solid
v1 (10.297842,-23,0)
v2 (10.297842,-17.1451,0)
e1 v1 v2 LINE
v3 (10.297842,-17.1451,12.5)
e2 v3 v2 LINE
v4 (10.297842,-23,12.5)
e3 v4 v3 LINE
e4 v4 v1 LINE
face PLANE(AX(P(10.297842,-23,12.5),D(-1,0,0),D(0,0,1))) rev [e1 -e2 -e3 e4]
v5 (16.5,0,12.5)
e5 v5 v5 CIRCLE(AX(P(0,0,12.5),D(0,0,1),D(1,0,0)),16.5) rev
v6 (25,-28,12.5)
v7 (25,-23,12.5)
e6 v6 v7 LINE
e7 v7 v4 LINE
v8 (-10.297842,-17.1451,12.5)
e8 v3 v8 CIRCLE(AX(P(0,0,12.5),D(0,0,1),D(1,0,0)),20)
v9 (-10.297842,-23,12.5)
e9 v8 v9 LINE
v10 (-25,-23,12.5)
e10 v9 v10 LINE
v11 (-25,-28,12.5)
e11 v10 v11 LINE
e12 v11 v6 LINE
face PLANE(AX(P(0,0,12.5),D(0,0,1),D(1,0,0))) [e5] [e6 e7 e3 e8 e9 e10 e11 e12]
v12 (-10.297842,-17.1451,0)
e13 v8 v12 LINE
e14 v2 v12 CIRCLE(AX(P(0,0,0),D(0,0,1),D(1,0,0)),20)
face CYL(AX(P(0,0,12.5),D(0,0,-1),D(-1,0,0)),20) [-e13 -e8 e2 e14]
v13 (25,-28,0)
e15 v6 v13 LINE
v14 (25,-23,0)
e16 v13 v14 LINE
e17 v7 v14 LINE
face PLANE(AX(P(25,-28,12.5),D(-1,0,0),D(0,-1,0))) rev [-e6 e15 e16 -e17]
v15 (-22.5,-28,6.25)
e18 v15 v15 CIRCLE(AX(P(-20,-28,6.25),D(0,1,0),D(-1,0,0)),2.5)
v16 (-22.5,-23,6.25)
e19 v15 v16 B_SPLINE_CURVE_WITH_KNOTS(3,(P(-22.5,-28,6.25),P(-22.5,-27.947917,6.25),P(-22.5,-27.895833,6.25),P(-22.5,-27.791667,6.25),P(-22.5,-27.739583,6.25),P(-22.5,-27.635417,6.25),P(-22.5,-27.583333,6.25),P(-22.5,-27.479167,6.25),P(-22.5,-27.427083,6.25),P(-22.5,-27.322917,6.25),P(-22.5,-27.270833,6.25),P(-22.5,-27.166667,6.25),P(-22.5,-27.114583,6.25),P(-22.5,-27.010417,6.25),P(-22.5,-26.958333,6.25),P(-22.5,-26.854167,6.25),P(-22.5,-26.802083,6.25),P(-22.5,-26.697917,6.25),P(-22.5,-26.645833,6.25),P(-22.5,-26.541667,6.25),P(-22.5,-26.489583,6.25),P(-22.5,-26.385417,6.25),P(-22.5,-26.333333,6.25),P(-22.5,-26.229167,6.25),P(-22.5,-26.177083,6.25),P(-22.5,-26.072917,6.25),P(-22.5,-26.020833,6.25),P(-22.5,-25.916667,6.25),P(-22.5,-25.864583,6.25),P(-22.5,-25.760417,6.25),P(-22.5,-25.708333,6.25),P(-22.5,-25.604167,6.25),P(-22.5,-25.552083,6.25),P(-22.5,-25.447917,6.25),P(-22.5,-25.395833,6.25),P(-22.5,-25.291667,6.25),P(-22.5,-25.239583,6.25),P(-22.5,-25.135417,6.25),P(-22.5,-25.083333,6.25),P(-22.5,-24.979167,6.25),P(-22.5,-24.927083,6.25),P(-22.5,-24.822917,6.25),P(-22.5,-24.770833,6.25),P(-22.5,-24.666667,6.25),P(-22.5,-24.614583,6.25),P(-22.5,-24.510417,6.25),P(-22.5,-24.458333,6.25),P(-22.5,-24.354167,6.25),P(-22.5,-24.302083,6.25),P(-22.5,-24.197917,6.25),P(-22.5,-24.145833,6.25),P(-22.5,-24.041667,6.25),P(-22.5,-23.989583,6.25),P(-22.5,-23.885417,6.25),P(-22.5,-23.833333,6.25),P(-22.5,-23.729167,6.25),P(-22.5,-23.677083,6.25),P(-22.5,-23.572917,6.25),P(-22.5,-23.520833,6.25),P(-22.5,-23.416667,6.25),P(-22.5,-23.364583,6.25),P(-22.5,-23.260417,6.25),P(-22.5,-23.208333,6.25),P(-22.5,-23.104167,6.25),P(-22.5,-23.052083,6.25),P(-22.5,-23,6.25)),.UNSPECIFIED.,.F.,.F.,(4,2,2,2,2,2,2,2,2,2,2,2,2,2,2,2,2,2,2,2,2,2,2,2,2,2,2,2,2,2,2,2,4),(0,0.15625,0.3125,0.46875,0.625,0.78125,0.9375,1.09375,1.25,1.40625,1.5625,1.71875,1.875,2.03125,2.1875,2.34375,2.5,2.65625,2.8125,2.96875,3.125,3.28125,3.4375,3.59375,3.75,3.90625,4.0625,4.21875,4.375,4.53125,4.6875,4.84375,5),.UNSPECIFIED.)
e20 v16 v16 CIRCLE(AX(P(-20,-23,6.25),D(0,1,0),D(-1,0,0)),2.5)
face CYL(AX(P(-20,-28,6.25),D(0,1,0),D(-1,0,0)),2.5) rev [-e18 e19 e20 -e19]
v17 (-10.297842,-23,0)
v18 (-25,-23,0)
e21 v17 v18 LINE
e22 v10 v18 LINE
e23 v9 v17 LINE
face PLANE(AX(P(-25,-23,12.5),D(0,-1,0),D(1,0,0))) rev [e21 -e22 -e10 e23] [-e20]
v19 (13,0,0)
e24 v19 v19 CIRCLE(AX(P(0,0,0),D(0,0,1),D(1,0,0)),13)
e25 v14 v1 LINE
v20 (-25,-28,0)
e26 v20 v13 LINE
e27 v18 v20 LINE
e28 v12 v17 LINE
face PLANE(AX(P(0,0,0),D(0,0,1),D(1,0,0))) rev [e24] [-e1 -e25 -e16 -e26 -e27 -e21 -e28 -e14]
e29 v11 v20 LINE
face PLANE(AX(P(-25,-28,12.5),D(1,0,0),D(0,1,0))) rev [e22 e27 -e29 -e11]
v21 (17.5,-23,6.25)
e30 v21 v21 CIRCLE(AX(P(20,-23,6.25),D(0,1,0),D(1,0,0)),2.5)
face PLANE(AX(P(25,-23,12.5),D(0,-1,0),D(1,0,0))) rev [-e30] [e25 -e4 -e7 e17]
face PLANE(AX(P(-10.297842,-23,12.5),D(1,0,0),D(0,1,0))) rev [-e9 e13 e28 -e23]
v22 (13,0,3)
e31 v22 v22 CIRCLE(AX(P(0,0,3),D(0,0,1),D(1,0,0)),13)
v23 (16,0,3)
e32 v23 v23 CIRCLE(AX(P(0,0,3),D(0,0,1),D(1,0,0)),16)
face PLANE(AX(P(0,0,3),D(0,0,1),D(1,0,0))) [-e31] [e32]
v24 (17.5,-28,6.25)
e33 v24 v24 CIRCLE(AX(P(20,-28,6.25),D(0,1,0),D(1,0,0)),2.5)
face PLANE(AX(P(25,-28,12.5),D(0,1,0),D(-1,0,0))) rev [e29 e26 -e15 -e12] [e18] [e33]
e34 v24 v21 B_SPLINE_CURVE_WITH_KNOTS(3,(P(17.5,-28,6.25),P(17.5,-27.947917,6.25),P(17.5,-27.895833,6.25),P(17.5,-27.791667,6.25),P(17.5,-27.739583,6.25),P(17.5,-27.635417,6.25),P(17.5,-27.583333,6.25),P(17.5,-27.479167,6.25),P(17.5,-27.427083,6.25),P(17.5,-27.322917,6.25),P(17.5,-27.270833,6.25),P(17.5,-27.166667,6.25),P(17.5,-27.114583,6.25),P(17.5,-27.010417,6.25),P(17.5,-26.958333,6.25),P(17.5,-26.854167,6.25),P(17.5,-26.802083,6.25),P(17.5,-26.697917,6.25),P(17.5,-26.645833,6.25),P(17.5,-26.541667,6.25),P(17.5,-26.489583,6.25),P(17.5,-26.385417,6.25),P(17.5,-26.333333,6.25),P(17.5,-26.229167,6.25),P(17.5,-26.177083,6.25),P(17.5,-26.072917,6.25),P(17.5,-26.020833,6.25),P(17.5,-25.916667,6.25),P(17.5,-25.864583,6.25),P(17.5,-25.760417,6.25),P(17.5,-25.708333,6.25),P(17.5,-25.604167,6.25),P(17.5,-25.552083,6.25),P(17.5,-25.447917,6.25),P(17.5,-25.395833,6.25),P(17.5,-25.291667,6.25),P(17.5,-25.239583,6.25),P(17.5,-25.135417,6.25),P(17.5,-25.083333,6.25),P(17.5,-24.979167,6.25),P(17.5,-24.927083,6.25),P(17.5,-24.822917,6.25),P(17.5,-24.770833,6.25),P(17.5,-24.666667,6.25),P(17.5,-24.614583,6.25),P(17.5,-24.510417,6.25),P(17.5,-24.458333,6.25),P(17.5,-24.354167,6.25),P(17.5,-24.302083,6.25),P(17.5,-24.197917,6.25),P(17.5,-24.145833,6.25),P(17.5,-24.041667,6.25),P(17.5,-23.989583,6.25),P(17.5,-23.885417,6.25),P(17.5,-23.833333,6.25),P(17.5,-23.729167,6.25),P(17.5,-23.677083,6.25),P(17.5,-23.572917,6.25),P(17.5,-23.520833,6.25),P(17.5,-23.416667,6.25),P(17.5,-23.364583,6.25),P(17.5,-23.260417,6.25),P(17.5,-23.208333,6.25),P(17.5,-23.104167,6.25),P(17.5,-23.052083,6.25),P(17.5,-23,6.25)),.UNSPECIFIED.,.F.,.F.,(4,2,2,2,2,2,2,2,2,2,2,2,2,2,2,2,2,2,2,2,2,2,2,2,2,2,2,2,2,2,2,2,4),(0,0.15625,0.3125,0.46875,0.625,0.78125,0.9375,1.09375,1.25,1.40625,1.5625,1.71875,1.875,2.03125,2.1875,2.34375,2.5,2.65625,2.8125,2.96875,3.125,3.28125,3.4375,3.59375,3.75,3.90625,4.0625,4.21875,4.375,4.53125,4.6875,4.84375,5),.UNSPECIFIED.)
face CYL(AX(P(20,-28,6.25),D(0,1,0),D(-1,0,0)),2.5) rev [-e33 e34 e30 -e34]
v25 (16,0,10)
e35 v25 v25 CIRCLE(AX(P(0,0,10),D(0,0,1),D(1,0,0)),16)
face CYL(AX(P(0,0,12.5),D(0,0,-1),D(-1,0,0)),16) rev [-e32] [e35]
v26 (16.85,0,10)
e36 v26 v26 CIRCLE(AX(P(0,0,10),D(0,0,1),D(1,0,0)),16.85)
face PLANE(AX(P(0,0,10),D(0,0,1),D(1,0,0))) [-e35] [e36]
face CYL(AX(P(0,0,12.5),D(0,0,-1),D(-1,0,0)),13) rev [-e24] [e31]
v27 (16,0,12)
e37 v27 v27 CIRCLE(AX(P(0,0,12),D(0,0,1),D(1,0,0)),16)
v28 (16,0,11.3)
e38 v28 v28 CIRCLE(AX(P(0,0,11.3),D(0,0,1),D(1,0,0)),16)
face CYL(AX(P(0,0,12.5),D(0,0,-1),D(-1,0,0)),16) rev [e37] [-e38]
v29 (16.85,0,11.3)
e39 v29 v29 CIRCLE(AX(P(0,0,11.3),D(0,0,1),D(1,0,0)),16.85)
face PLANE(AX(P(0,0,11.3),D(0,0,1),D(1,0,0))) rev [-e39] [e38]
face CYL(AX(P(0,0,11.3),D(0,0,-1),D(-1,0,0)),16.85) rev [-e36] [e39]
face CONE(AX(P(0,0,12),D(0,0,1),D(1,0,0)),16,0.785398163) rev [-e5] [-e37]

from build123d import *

# Parameters (mm, degrees)
SKETCH1_R           = 13
BOSS_EXTRUDE1_DEPTH = 12.5
CUT_EXTRUDE1_START  = 3
SKETCH2_R           = 16
CUT_EXTRUDE1_DEPTH  = 37.563240514
SKETCH3_R           = 2.5
CUT_EXTRUDE2_DEPTH  = 52.285962992
CUT_EXTRUDE3_START  = 10
SKETCH5_R           = 16.85
SKETCH5_R_2         = 16
CUT_EXTRUDE3_DEPTH  = 1.3
CHAMFER2_SIZE       = 0.5


with BuildPart() as part:
    # Sketch1 → Boss-Extrude1 (new body)
    with BuildSketch(Plane.XY):
        with BuildLine():
            Line((25, -28), (-25, -28))
            Line((-25, -28), (-25, -23))
            Line((-25, -23), (-10.297842021, -23))
            Line((-10.297842021, -23), (-10.297842021, -17.145099875))
            ThreePointArc((-10.297842021, -17.145099875), (0, 20), (10.297842021, -17.145099875))
            Line((10.297842021, -17.145099875), (10.297842021, -23))
            Line((10.297842021, -23), (25, -23))
            Line((25, -23), (25, -28))
        make_face()
        Circle(SKETCH1_R, mode=Mode.SUBTRACT)
    extrude(amount=BOSS_EXTRUDE1_DEPTH)

    # Sketch2 → Cut-Extrude1 (cut, through all)
    with BuildSketch(Plane.XY.offset(CUT_EXTRUDE1_START)):
        Circle(SKETCH2_R)
    extrude(amount=CUT_EXTRUDE1_DEPTH, mode=Mode.SUBTRACT)

    # Sketch3 → Cut-Extrude2 (cut, through all)
    with BuildSketch(Plane(origin=(0, -23, 0), x_dir=(1, 0, 0), z_dir=(0, 1, 0))):
        with Locations(Location((-20, -6.25, 0), (0, 0, 180))):
            Circle(SKETCH3_R)
        with Locations(Location((20, -6.25, 0), (0, 0, 180))):
            Circle(SKETCH3_R)
    extrude(amount=-CUT_EXTRUDE2_DEPTH, mode=Mode.SUBTRACT)

    # Sketch5 → Cut-Extrude3 (cut)
    with BuildSketch(Plane.XY.offset(CUT_EXTRUDE3_START)):
        Circle(SKETCH5_R)
        Circle(SKETCH5_R_2, mode=Mode.SUBTRACT)
    extrude(amount=CUT_EXTRUDE3_DEPTH, mode=Mode.SUBTRACT)

    # Chamfer2
    chamfer2_edges = [part.edges().sort_by_distance(p)[0] for p in [
        (-16, 0, 12.5),
    ]]
    chamfer(chamfer2_edges, length=CHAMFER2_SIZE)


solid = part.part
